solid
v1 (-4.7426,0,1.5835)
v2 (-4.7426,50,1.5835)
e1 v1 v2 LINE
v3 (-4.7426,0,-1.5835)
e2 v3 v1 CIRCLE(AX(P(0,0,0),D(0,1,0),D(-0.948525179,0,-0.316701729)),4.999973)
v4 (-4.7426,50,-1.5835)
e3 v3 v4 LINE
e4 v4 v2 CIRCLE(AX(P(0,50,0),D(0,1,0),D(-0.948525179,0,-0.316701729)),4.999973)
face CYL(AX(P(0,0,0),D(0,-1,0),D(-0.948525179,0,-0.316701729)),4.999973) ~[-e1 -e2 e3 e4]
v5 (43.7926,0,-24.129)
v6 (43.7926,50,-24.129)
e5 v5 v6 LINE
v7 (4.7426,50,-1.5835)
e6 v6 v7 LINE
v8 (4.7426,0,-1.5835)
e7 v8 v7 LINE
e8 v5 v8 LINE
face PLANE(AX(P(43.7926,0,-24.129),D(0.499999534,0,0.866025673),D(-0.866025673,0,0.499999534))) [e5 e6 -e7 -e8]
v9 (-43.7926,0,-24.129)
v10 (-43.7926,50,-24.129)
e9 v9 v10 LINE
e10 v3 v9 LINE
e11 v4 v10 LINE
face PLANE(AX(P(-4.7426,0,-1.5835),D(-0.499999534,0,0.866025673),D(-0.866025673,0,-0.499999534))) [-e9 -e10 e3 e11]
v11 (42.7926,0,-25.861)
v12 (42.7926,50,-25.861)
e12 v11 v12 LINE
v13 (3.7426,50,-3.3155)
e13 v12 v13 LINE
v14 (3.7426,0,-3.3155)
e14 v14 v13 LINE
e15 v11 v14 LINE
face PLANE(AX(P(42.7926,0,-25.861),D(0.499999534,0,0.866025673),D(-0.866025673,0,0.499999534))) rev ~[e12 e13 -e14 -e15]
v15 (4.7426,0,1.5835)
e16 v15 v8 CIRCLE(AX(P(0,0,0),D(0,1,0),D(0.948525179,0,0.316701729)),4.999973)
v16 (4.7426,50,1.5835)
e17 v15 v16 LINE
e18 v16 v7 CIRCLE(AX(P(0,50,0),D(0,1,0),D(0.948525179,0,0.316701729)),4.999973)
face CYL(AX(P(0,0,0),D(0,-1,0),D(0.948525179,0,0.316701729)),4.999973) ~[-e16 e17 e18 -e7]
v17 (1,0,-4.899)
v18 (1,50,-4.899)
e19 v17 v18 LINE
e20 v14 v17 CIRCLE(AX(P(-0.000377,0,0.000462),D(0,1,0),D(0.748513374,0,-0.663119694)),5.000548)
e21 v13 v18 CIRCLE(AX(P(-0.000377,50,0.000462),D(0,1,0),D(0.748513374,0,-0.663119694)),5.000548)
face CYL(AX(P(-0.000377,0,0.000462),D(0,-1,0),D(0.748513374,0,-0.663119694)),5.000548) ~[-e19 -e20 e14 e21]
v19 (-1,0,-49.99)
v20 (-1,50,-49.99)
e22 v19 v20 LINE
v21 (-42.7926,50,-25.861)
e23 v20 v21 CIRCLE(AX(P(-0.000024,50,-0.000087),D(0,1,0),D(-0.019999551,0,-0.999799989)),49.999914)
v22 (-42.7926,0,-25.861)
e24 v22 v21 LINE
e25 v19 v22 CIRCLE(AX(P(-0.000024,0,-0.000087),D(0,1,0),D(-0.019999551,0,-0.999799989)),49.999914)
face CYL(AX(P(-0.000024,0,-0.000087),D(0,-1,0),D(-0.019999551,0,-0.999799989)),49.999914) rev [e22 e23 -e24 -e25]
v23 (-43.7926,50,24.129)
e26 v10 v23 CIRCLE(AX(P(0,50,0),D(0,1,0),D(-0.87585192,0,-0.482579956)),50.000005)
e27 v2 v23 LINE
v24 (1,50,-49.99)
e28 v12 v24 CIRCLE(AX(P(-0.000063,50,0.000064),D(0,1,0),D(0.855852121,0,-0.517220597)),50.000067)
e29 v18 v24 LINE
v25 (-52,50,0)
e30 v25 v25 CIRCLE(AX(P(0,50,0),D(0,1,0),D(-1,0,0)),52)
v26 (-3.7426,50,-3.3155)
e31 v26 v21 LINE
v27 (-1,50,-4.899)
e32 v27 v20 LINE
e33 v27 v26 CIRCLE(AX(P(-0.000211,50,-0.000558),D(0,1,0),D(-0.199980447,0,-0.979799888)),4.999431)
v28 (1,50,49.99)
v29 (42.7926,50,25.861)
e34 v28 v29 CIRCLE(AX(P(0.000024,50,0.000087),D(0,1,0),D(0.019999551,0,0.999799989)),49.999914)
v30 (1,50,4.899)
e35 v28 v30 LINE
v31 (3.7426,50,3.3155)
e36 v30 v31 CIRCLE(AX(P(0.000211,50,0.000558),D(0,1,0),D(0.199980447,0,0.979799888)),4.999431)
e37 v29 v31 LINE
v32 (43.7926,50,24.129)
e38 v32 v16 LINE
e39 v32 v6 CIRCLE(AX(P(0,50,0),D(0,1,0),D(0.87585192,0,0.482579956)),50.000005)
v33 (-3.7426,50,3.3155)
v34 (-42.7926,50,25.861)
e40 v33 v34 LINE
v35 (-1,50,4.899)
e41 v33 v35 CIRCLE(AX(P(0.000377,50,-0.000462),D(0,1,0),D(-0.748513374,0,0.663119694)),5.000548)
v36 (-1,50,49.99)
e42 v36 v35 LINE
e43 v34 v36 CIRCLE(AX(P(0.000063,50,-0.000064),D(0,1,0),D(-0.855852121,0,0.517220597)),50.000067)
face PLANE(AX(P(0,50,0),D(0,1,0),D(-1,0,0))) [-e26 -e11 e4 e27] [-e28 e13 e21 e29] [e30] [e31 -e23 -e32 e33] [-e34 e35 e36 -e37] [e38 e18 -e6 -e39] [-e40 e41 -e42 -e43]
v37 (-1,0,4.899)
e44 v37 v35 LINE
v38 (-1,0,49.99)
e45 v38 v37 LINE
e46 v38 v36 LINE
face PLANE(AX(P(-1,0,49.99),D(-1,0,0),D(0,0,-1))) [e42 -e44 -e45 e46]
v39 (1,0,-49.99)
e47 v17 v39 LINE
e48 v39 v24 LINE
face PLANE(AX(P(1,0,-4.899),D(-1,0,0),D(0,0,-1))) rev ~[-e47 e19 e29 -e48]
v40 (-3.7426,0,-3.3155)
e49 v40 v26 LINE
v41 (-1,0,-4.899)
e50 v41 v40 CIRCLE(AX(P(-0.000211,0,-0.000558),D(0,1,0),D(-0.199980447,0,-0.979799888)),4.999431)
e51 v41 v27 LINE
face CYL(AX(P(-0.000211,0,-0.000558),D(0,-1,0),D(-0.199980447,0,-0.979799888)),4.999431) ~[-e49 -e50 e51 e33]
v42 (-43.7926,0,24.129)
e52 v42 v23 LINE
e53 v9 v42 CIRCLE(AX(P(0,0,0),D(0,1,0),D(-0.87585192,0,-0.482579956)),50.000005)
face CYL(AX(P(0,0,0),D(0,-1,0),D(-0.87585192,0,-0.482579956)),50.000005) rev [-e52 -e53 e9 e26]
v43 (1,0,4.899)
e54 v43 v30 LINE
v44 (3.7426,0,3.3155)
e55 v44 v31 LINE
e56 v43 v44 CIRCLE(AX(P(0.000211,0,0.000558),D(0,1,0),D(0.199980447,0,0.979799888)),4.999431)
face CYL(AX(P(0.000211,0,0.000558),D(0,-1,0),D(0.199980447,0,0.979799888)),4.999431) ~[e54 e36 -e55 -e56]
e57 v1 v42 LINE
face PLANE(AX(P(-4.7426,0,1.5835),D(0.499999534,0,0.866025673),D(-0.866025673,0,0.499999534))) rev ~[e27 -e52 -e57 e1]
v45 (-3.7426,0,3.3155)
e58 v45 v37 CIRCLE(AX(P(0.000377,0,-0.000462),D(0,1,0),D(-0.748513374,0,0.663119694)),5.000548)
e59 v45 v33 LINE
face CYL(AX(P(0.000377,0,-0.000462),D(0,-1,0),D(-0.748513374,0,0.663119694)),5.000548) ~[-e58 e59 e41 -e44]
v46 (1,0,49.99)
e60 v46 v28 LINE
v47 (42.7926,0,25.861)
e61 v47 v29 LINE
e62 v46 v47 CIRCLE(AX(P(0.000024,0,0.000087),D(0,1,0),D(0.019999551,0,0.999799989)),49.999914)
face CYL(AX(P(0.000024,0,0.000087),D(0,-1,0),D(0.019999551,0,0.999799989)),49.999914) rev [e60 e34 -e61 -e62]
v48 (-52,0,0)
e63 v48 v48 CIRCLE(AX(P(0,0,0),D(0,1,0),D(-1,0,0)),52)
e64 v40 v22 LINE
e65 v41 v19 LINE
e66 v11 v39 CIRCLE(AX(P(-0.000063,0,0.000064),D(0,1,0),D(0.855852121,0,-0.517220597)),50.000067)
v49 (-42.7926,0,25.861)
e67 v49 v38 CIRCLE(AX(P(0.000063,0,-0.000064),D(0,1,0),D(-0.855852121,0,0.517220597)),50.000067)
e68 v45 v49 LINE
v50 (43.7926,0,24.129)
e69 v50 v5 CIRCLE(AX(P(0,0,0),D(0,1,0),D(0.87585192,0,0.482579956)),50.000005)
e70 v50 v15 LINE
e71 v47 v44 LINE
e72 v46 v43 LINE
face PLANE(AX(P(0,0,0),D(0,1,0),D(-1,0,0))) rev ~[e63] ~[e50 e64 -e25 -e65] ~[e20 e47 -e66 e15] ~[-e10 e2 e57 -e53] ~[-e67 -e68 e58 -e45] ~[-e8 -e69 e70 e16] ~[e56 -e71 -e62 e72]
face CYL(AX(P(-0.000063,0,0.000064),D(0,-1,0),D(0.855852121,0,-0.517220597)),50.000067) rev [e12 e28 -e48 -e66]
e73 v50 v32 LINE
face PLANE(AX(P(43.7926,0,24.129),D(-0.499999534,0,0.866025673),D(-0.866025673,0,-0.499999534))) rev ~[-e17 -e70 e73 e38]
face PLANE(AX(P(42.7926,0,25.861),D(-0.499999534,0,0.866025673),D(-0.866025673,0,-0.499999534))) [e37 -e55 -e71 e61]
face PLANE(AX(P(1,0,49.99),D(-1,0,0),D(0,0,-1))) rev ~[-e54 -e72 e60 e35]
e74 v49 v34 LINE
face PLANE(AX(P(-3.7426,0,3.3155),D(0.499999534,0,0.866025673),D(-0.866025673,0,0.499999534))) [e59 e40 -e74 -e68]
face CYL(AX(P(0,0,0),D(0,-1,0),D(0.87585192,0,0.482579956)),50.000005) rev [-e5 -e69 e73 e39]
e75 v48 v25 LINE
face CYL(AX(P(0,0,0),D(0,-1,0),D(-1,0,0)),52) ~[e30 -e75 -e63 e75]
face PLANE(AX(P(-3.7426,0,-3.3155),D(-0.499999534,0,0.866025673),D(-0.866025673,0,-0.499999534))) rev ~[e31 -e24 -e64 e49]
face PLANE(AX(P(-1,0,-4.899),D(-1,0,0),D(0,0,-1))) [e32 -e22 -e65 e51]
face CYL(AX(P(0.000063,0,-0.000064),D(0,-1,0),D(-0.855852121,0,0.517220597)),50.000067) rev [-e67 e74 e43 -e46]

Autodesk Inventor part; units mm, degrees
ref_plane "YZ Plane" through (0, 0, 0) normal (1, 0, 0) x (0, 1, 0)
ref_plane "XZ Plane" through (0, 0, 0) normal (0, 1, 0) x (-1, 0, 0)
ref_plane "XY Plane" through (0, 0, 0) normal (0, 0, 1) x (1, 0, 0)
sketch "Sketch1" plane through (0, 0, 0) normal (0, 1, 0) x (-1, 0, 0)
  line L0 (42.7926, 25.861) -> (42.8013, 25.866)
  line L1 (43.7926, 24.129) -> (43.8013, 24.134)
  line L2 (1, 50) -> (1, 49.99)
  line L3 (-1, 50) -> (-1, 49.99)
  line L4 (42.7926, -25.861) -> (42.8013, -25.866)
  line L5 (43.7926, -24.129) -> (43.8013, -24.134)
  line L6 (1, -49.99) -> (1, -50)
  line L7 (-1, -49.99) -> (-1, -50)
  line L8 (-42.8013, -25.866) -> (-42.7926, -25.861)
  line L9 (-43.8013, -24.134) -> (-43.7926, -24.129)
  line L10 (-43.8013, 24.134) -> (-43.7926, 24.129)
  line L11 (-42.8013, 25.866) -> (-42.7926, 25.861)
  line L12 (4.7426, 1.5835) -> (43.7926, 24.129)
  line L13 (4.7426, -1.5835) -> (43.7926, -24.129)
  line L14 (1, 49.99) -> (1, 4.899)
  line L15 (3.7426, 3.3155) -> (42.7926, 25.861)
  line L16 (-42.7926, 25.861) -> (-3.7426, 3.3155)
  line L17 (-1, 49.99) -> (-1, 4.899)
  line L18 (-43.7926, -24.129) -> (-4.7426, -1.5835)
  line L19 (-43.7926, 24.129) -> (-4.7426, 1.5835)
  line L20 (-42.7926, -25.861) -> (-3.7426, -3.3155)
  line L21 (-1, -4.899) -> (-1, -49.99)
  line L22 (3.7426, -3.3155) -> (42.7926, -25.861)
  line L23 (1, -4.899) -> (1, -49.99)
  circle A0 centre (0, 0) radius 52
  arc A1 (-1, 49.99) -> (-42.7926, 25.861) centre (0, 0) ccw
  arc A2 (-43.7926, 24.129) -> (-43.7926, -24.129) centre (0, 0) ccw
  arc A3 (-42.7926, -25.861) -> (-1, -49.99) centre (0, 0) ccw
  arc A4 (1, -49.99) -> (42.7926, -25.861) centre (0, 0) ccw
  arc A5 (43.7926, -24.129) -> (43.7926, 24.129) centre (0, 0) ccw
  arc A6 (42.7926, 25.861) -> (1, 49.99) centre (0, 0) ccw
  arc A7 (1, -4.899) -> (3.7426, -3.3155) centre (0, 0) ccw
  arc A8 (-3.7426, -3.3155) -> (-1, -4.899) centre (0, 0) ccw
  arc A9 (-4.7426, 1.5835) -> (-4.7426, -1.5835) centre (0, 0) ccw
  arc A10 (-1, 4.899) -> (-3.7426, 3.3155) centre (0, 0) ccw
  arc A11 (4.7426, -1.5835) -> (4.7426, 1.5835) centre (0, 0) ccw
  arc A12 (3.7426, 3.3155) -> (1, 4.899) centre (0, 0) ccw
extrude "Extrusion1" add sketch "Sketch1" along normal blind 50
properties part number "wheel"
